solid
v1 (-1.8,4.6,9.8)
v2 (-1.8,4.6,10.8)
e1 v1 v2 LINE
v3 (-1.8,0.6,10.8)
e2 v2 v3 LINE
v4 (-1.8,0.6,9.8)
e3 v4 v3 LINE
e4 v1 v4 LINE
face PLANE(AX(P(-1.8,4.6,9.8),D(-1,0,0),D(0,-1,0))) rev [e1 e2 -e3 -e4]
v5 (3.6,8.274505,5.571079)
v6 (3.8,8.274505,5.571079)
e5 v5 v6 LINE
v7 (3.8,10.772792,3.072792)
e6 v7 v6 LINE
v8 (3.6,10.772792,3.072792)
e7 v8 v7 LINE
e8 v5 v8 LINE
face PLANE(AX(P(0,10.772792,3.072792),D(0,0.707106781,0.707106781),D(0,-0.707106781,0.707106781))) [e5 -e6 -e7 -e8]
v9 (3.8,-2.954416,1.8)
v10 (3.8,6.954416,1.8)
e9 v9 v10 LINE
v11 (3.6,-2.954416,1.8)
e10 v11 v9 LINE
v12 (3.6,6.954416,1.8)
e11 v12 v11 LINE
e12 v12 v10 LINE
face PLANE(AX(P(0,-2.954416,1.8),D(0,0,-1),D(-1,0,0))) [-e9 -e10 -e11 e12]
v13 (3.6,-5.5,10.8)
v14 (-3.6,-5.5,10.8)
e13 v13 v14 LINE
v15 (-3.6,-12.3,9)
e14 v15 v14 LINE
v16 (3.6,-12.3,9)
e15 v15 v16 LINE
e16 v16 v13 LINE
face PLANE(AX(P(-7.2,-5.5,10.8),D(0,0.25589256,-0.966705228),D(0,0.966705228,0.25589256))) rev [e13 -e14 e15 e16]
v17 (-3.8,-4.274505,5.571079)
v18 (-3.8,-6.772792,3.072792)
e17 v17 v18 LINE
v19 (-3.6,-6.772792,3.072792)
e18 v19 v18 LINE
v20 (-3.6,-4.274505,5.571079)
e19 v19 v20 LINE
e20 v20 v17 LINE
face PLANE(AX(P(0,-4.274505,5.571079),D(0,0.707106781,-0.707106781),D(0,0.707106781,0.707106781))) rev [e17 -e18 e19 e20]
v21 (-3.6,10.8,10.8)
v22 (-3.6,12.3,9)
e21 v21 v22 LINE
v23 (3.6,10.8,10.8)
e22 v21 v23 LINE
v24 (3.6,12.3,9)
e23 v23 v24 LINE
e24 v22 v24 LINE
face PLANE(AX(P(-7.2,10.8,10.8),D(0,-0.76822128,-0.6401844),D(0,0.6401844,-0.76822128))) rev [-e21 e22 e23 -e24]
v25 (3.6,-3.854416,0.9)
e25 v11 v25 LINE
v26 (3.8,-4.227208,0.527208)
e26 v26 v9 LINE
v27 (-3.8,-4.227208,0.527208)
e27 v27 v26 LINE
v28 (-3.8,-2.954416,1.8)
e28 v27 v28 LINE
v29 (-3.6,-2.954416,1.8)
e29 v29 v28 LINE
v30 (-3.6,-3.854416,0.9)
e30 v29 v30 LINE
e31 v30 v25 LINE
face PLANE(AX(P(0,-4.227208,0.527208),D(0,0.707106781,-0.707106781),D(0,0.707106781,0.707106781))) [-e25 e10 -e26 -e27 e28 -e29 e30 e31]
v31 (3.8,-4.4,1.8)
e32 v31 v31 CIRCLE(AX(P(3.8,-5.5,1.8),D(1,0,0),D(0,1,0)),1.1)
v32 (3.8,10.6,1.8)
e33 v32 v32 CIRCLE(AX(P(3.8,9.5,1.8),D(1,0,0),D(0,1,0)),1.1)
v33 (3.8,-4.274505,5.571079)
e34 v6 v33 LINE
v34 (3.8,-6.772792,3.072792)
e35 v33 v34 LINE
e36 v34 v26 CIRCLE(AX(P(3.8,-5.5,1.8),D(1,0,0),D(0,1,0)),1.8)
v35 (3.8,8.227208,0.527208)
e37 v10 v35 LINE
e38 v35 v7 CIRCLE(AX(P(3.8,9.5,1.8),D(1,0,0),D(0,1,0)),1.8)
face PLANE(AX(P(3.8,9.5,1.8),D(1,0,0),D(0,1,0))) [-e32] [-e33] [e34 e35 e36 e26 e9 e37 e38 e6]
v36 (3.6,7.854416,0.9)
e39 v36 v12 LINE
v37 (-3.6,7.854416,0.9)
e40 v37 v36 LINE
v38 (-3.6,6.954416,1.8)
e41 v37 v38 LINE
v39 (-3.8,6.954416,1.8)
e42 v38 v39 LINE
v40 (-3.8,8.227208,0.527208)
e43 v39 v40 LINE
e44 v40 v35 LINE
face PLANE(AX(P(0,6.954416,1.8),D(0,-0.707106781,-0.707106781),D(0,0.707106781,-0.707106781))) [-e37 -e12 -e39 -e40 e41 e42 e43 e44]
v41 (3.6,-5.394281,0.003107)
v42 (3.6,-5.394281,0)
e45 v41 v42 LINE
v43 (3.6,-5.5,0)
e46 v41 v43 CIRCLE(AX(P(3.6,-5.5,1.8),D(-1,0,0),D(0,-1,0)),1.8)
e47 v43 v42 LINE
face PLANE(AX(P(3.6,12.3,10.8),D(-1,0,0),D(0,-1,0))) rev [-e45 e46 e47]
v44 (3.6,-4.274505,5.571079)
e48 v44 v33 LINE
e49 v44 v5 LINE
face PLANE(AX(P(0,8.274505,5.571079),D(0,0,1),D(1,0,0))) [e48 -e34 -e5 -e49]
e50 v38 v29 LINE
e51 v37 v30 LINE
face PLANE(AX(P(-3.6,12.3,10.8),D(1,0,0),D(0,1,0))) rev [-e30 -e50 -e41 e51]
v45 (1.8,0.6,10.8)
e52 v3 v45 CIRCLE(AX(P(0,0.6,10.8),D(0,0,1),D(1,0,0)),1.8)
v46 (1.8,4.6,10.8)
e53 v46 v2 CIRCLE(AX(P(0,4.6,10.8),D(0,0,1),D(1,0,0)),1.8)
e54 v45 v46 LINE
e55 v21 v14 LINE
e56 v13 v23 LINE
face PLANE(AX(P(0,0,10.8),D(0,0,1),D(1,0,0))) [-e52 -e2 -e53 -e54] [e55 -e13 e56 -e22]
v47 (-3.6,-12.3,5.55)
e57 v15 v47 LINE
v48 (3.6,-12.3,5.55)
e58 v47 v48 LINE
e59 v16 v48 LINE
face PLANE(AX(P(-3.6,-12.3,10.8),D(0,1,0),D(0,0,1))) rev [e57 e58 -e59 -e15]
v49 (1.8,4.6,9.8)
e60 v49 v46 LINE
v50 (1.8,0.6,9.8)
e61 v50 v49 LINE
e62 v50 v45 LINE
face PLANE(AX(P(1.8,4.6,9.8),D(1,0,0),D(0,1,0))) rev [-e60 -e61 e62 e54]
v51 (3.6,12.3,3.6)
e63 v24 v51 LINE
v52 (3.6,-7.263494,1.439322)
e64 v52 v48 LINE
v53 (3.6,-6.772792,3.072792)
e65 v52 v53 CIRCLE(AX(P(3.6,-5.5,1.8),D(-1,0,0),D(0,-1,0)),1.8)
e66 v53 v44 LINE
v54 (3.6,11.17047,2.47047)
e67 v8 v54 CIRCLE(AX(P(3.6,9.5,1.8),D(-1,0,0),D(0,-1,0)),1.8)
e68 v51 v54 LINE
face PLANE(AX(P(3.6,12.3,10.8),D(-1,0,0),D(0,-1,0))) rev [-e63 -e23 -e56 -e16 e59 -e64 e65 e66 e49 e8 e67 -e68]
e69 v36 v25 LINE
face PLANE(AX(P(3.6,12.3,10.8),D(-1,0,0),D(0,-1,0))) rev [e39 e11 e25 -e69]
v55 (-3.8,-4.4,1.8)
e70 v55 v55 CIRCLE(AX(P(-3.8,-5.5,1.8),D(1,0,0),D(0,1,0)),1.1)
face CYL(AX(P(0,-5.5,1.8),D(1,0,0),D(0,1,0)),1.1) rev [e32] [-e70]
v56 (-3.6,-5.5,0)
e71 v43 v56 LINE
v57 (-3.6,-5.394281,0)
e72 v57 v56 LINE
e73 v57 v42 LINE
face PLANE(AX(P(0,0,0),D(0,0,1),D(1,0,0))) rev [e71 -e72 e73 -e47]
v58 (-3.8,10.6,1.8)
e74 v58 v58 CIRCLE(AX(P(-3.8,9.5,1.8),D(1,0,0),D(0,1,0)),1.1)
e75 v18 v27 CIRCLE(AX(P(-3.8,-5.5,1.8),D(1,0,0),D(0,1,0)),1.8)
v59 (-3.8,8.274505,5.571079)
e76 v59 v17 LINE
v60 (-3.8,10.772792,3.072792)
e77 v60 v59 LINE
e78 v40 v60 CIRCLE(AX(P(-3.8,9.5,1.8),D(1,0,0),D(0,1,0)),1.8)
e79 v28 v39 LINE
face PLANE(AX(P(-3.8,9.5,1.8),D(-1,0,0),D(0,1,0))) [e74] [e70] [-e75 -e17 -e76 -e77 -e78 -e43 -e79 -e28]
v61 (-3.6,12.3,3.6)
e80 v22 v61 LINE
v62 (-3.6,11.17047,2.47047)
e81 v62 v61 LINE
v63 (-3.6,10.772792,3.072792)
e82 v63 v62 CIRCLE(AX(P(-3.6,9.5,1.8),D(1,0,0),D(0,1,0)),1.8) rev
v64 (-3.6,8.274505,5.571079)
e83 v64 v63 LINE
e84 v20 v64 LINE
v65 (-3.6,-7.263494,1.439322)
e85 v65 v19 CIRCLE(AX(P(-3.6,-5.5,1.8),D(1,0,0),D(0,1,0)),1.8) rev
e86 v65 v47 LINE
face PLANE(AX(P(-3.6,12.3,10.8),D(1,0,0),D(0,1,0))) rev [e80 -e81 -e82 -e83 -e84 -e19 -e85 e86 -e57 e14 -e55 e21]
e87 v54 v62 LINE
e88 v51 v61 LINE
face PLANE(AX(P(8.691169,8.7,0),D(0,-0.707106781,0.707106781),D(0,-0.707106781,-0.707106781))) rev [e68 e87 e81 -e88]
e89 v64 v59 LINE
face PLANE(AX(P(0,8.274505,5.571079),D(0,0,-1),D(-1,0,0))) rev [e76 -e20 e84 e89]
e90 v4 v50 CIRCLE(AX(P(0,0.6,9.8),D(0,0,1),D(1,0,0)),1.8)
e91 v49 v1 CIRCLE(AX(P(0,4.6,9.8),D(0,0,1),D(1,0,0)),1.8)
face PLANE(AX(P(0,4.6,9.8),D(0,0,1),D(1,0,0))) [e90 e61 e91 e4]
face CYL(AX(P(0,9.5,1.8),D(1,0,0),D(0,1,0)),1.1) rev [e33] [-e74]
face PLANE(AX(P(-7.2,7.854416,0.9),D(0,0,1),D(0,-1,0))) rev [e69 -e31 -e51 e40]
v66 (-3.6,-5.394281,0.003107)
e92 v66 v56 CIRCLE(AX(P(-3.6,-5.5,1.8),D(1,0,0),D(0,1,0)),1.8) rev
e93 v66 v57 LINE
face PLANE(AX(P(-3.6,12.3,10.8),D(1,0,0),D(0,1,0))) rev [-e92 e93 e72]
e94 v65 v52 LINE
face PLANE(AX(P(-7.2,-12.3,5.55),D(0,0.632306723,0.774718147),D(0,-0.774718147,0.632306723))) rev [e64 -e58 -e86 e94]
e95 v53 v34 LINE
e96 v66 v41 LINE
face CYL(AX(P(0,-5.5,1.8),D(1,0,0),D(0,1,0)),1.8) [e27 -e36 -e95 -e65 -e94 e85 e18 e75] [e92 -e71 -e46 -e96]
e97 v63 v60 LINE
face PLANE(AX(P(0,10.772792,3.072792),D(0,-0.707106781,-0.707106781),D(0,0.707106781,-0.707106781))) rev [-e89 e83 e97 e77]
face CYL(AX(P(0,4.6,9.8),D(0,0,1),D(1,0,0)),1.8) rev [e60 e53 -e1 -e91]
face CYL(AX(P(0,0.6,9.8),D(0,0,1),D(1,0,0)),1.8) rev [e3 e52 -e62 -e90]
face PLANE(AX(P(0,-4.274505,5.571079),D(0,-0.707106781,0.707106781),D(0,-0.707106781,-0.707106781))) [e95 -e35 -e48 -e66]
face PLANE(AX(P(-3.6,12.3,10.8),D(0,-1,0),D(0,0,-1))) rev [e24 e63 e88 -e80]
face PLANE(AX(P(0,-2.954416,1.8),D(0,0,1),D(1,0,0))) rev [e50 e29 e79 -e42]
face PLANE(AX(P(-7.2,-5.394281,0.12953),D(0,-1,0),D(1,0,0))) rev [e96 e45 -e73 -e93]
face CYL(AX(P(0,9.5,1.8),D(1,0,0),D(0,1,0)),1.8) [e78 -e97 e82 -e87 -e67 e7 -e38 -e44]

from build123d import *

# Parameters (mm, degrees)
SKETCH_1_W               = 7.2
SKETCH_1_H               = 24.6
EXTRUDE_1_DEPTH          = 10.8
CUT_EXTRUDE_3_DEPTH      = 7.2
CUT_EXTRUDE_1_DEPTH      = 10.8
EXTRUDE_START            = -3.6
SKETCH_3_R               = 1.1
EXTRUDE_3_DEPTH          = 3.8
CUT_EXTRUDE_2_DEPTH      = 18.963574255
CUT_EXTRUDE_2_DEPTH_BACK = 18.963574255
SKETCH_4_R               = 1.1
CUT_EXTRUDE_4_DEPTH      = 1


with BuildPart() as part:
    # 스케치1 → 보스-돌출1 (new body)
    with BuildSketch(Plane.XY):
        Rectangle(SKETCH_1_W, SKETCH_1_H)
    extrude(amount=EXTRUDE_1_DEPTH)

    # 스케치5 → 컷-돌출3 (cut)
    with BuildSketch(Plane.ZY.offset(3.6)):
        Polygon((0, 12.3), (0, 8.7), (3.6, 12.3), align=None)
    extrude(amount=-CUT_EXTRUDE_3_DEPTH, mode=Mode.SUBTRACT)

    # 스케치2 → 컷-돌출1 (cut)
    with BuildSketch(Plane(origin=(3.6, 0, 0), x_dir=(0, 0, -1), z_dir=(1, 0, 0))):
        Polygon((-10.8, -5.5), (-9, -12.3), (-10.8, -12.3), align=None)
        Polygon((-10.8, 12.3), (-10.8, 10.8), (-9, 12.3), align=None)
        Polygon((-0.9, 7.854415588), (-0.129530009, 8.829530009), (0, 8.7), (0, -5.394280654), (-0.129530009, -5.394280654), (-0.9, -3.854415588), align=None)
        Polygon((-5.55, -12.3), (0, -12.3), (0, -5.5), align=None)
    extrude(amount=-CUT_EXTRUDE_1_DEPTH, mode=Mode.SUBTRACT)

    # 스케치3 → 보스-돌출3 (add)
    with BuildSketch(Plane(origin=(3.6, 0, 0), x_dir=(0, 0, -1), z_dir=(1, 0, 0)).offset(EXTRUDE_START)):
        with BuildLine():
            Line((-3.072792206, 10.772792206), (-5.571079083, 8.27450533))
            Line((-5.571079083, 8.27450533), (-5.571079083, -4.27450533))
            Line((-5.571079083, -4.27450533), (-3.072792206, -6.772792206))
            ThreePointArc((-3.072792206, -6.772792206), (-0.527207794, -6.772792206), (-0.527207794, -4.227207794))
            Line((-0.527207794, -4.227207794), (-1.8, -2.954415588))
            Line((-1.8, -2.954415588), (-1.8, 6.954415588))
            Line((-1.8, 6.954415588), (-0.527207794, 8.227207794))
            ThreePointArc((-0.527207794, 8.227207794), (-0.527207794, 10.772792206), (-3.072792206, 10.772792206))
        make_face()
        with Locations(Location((-1.8, 9.5, 0), (0, 0, 90))):
            Circle(SKETCH_3_R, mode=Mode.SUBTRACT)
        with Locations(Location((-1.8, -5.5, 0), (0, 0, 90))):
            Circle(SKETCH_3_R, mode=Mode.SUBTRACT)
    extrude_3 = extrude(amount=EXTRUDE_3_DEPTH)

    # 스케치4 → 컷-돌출2 (cut, two sides: drawn at the far end of the back side and taken through both)
    with BuildSketch(Plane.ZY.offset(3.6).offset(-CUT_EXTRUDE_2_DEPTH_BACK)):
        with Locations(Location((1.8, 9.5, 0), (0, 0, 90))):
            Circle(SKETCH_4_R)
        with Locations(Location((1.8, -5.5, 0), (0, 0, 90))):
            Circle(SKETCH_4_R)
    extrude(amount=CUT_EXTRUDE_2_DEPTH + CUT_EXTRUDE_2_DEPTH_BACK, mode=Mode.SUBTRACT)

    # 대칭 복사2: 보스-돌출3 across plane
    add(extrude_3.mirror(Plane.ZY))

    # 스케치6 → 컷-돌출4 (cut)
    with BuildSketch(Plane.XY.offset(10.8)):
        with BuildLine():
            Line((1.8, 4.6), (1.8, 0.6))
            ThreePointArc((1.8, 0.6), (0, -1.2), (-1.8, 0.6))
            Line((-1.8, 0.6), (-1.8, 4.6))
            ThreePointArc((-1.8, 4.6), (0, 6.4), (1.8, 4.6))
        make_face()
    extrude(amount=-CUT_EXTRUDE_4_DEPTH, mode=Mode.SUBTRACT)


solid = part.part
